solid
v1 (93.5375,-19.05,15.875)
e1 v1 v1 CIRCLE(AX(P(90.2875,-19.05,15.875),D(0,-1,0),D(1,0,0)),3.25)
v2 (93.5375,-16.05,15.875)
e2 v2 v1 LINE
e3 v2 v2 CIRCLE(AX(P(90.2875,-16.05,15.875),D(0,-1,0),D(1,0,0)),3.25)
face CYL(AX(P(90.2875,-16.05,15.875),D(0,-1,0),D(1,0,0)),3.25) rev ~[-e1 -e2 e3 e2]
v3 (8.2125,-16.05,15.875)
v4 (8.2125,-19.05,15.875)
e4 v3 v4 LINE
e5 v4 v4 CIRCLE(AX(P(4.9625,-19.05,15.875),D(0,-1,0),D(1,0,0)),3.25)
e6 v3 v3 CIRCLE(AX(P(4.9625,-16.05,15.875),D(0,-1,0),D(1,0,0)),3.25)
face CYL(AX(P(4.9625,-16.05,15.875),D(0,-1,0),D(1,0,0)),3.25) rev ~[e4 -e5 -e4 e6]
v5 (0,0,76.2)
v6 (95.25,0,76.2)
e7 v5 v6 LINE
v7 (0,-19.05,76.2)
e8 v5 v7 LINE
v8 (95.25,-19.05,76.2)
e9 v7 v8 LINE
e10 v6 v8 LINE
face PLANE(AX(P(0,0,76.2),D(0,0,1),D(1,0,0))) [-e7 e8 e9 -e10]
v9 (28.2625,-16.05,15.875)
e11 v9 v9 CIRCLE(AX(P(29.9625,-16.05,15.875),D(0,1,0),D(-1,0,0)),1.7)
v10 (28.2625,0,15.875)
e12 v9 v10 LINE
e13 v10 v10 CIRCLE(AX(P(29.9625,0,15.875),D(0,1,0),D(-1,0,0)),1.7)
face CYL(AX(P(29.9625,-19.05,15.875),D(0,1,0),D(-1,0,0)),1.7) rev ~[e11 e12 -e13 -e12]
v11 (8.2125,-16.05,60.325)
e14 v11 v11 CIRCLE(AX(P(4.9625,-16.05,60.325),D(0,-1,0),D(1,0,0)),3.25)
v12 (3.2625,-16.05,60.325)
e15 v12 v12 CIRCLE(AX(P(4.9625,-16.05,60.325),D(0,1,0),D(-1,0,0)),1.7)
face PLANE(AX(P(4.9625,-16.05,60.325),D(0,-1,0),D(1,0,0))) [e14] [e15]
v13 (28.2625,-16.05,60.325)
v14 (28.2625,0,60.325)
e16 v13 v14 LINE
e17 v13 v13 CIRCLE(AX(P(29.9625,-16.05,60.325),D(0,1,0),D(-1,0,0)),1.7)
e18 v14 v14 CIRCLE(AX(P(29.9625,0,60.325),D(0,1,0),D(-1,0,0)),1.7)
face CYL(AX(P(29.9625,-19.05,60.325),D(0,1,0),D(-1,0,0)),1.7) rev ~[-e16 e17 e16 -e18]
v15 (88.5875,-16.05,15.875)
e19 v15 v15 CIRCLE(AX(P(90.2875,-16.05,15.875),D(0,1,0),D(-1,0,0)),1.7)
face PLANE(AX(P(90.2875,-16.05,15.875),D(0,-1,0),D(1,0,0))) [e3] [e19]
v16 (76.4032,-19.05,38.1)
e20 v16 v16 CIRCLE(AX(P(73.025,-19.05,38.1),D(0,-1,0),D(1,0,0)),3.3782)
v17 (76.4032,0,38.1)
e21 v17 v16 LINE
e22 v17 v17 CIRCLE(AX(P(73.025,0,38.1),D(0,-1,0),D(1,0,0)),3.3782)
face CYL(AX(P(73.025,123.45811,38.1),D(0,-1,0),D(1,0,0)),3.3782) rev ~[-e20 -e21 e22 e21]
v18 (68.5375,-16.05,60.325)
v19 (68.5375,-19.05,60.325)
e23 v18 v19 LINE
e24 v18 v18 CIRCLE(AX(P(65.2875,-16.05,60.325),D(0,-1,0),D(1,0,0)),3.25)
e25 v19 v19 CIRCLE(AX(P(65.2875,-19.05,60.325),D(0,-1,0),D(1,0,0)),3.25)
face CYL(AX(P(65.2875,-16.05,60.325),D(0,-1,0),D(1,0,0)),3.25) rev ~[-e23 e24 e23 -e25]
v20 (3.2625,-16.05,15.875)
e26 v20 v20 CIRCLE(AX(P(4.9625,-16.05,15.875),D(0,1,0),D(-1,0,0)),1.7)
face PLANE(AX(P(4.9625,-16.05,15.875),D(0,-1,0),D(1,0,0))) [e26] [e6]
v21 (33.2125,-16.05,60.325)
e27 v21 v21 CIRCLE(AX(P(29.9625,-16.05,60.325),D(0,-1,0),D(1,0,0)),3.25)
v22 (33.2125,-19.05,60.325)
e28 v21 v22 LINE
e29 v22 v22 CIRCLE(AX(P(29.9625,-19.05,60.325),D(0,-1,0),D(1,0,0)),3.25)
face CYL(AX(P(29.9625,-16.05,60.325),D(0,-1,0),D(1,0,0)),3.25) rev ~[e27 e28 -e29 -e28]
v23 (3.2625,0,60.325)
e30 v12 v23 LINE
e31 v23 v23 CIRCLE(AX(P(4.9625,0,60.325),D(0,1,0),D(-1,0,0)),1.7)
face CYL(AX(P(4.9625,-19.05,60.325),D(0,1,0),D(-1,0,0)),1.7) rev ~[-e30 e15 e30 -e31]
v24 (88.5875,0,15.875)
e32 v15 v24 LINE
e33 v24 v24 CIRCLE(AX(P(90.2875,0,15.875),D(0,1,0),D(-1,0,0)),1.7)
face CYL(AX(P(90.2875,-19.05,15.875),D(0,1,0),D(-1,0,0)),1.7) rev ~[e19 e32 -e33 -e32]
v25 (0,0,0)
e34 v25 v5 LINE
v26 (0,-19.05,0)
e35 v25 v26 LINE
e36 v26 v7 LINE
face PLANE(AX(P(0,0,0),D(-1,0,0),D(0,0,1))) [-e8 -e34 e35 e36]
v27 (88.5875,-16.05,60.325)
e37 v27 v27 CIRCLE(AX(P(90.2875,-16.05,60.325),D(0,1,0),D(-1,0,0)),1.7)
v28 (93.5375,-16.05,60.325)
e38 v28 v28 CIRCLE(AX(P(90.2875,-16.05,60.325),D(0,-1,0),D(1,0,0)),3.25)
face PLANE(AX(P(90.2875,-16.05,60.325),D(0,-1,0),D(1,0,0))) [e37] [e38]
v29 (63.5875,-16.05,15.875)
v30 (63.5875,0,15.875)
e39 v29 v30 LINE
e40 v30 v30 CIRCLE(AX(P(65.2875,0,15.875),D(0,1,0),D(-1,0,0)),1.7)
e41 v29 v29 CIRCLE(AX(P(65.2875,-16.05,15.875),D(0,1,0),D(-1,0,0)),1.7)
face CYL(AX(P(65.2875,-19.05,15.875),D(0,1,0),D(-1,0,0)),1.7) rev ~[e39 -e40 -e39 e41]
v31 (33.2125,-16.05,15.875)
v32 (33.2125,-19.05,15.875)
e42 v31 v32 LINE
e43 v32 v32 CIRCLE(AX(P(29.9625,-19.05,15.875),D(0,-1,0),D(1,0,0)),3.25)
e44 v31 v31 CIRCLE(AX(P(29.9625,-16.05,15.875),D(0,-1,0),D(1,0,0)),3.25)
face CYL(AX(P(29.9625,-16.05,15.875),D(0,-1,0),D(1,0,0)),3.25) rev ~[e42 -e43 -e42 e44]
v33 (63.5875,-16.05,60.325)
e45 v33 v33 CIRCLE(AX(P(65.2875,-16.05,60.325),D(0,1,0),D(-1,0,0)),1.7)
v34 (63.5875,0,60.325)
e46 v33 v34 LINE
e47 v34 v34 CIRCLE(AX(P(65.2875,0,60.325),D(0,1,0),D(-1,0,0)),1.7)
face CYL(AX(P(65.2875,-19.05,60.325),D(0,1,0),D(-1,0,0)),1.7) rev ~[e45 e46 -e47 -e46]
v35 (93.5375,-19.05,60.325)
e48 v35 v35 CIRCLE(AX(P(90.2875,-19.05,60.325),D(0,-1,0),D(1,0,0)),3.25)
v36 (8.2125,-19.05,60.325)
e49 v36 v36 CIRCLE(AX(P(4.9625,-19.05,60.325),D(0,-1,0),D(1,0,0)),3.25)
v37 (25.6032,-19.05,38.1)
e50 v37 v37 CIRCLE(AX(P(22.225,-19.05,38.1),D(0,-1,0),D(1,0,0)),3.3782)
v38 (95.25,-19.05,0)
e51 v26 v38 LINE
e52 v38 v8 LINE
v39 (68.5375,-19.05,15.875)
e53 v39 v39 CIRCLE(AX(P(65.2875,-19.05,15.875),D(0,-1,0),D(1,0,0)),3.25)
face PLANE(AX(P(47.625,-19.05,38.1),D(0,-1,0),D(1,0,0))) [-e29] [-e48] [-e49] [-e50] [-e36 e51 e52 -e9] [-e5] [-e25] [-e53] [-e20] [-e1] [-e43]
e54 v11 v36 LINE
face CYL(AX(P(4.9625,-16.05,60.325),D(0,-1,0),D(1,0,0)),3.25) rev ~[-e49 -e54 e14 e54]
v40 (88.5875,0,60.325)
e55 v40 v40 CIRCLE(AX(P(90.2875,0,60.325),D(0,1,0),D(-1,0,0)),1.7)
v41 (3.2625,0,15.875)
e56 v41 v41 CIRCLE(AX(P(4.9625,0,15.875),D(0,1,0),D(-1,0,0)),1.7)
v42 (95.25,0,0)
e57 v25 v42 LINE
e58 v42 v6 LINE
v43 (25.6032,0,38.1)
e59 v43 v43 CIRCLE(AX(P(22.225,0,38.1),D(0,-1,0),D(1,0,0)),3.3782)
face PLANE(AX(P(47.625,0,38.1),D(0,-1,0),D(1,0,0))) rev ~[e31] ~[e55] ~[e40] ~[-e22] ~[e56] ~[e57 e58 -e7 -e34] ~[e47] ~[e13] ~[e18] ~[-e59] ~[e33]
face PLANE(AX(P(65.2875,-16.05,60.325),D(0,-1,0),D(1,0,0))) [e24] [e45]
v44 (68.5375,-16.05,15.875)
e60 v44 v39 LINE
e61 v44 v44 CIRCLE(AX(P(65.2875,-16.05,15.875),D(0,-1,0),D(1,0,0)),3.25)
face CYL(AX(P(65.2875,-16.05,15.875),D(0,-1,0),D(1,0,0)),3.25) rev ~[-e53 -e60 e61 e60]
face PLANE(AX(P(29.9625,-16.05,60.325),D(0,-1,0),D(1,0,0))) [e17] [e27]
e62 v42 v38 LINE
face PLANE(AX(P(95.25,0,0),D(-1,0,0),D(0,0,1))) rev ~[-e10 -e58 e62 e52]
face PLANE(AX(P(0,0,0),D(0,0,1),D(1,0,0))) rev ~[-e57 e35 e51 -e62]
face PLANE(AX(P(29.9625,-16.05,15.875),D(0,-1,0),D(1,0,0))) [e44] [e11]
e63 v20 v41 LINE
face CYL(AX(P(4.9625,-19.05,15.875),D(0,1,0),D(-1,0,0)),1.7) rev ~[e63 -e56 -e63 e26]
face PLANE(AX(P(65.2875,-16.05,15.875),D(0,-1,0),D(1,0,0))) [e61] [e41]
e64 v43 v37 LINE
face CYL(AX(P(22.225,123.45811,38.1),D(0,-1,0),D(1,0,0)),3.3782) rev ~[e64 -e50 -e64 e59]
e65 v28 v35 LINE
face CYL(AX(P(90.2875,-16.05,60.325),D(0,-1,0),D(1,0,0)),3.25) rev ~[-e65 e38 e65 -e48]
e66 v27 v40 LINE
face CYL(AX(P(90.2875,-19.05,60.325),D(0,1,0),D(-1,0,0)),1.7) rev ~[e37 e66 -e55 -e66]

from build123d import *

# Parameters (mm, degrees)
F0_W           = 95.25
F0_H           = 76.2
F1_DEPTH       = 19.05
F3_D           = 3.4
F3_CBORE_D     = 6.5
F3_CBORE_DEPTH = 3
F5_D           = 6.7564


with BuildPart() as f1:
    # F0 (on Front) → F1 (new body)
    with BuildSketch(Plane.XZ):
        with Locations((47.625, 38.1)):
            Rectangle(F0_W, F0_H)
    extrude(amount=F1_DEPTH)

    # F3 (through all)
    with Locations(Plane.XZ.offset(19.05)):
        with Locations((4.9625, 60.325), (29.9625, 60.325), (65.2875, 60.325), (90.2875, 60.325), (4.9625, 15.875), (29.9625, 15.875), (65.2875, 15.875), (90.2875, 15.875)):
            CounterBoreHole(F3_D / 2, F3_CBORE_D / 2, F3_CBORE_DEPTH)

    # F5 (through all)
    with Locations(Plane(origin=(0, 0, 0), x_dir=(-1, 0, 0), z_dir=(0, 1, 0))):
        with Locations((-73.025, 38.1), (-22.225, 38.1)):
            Hole(F5_D / 2)


solid = f1.part
